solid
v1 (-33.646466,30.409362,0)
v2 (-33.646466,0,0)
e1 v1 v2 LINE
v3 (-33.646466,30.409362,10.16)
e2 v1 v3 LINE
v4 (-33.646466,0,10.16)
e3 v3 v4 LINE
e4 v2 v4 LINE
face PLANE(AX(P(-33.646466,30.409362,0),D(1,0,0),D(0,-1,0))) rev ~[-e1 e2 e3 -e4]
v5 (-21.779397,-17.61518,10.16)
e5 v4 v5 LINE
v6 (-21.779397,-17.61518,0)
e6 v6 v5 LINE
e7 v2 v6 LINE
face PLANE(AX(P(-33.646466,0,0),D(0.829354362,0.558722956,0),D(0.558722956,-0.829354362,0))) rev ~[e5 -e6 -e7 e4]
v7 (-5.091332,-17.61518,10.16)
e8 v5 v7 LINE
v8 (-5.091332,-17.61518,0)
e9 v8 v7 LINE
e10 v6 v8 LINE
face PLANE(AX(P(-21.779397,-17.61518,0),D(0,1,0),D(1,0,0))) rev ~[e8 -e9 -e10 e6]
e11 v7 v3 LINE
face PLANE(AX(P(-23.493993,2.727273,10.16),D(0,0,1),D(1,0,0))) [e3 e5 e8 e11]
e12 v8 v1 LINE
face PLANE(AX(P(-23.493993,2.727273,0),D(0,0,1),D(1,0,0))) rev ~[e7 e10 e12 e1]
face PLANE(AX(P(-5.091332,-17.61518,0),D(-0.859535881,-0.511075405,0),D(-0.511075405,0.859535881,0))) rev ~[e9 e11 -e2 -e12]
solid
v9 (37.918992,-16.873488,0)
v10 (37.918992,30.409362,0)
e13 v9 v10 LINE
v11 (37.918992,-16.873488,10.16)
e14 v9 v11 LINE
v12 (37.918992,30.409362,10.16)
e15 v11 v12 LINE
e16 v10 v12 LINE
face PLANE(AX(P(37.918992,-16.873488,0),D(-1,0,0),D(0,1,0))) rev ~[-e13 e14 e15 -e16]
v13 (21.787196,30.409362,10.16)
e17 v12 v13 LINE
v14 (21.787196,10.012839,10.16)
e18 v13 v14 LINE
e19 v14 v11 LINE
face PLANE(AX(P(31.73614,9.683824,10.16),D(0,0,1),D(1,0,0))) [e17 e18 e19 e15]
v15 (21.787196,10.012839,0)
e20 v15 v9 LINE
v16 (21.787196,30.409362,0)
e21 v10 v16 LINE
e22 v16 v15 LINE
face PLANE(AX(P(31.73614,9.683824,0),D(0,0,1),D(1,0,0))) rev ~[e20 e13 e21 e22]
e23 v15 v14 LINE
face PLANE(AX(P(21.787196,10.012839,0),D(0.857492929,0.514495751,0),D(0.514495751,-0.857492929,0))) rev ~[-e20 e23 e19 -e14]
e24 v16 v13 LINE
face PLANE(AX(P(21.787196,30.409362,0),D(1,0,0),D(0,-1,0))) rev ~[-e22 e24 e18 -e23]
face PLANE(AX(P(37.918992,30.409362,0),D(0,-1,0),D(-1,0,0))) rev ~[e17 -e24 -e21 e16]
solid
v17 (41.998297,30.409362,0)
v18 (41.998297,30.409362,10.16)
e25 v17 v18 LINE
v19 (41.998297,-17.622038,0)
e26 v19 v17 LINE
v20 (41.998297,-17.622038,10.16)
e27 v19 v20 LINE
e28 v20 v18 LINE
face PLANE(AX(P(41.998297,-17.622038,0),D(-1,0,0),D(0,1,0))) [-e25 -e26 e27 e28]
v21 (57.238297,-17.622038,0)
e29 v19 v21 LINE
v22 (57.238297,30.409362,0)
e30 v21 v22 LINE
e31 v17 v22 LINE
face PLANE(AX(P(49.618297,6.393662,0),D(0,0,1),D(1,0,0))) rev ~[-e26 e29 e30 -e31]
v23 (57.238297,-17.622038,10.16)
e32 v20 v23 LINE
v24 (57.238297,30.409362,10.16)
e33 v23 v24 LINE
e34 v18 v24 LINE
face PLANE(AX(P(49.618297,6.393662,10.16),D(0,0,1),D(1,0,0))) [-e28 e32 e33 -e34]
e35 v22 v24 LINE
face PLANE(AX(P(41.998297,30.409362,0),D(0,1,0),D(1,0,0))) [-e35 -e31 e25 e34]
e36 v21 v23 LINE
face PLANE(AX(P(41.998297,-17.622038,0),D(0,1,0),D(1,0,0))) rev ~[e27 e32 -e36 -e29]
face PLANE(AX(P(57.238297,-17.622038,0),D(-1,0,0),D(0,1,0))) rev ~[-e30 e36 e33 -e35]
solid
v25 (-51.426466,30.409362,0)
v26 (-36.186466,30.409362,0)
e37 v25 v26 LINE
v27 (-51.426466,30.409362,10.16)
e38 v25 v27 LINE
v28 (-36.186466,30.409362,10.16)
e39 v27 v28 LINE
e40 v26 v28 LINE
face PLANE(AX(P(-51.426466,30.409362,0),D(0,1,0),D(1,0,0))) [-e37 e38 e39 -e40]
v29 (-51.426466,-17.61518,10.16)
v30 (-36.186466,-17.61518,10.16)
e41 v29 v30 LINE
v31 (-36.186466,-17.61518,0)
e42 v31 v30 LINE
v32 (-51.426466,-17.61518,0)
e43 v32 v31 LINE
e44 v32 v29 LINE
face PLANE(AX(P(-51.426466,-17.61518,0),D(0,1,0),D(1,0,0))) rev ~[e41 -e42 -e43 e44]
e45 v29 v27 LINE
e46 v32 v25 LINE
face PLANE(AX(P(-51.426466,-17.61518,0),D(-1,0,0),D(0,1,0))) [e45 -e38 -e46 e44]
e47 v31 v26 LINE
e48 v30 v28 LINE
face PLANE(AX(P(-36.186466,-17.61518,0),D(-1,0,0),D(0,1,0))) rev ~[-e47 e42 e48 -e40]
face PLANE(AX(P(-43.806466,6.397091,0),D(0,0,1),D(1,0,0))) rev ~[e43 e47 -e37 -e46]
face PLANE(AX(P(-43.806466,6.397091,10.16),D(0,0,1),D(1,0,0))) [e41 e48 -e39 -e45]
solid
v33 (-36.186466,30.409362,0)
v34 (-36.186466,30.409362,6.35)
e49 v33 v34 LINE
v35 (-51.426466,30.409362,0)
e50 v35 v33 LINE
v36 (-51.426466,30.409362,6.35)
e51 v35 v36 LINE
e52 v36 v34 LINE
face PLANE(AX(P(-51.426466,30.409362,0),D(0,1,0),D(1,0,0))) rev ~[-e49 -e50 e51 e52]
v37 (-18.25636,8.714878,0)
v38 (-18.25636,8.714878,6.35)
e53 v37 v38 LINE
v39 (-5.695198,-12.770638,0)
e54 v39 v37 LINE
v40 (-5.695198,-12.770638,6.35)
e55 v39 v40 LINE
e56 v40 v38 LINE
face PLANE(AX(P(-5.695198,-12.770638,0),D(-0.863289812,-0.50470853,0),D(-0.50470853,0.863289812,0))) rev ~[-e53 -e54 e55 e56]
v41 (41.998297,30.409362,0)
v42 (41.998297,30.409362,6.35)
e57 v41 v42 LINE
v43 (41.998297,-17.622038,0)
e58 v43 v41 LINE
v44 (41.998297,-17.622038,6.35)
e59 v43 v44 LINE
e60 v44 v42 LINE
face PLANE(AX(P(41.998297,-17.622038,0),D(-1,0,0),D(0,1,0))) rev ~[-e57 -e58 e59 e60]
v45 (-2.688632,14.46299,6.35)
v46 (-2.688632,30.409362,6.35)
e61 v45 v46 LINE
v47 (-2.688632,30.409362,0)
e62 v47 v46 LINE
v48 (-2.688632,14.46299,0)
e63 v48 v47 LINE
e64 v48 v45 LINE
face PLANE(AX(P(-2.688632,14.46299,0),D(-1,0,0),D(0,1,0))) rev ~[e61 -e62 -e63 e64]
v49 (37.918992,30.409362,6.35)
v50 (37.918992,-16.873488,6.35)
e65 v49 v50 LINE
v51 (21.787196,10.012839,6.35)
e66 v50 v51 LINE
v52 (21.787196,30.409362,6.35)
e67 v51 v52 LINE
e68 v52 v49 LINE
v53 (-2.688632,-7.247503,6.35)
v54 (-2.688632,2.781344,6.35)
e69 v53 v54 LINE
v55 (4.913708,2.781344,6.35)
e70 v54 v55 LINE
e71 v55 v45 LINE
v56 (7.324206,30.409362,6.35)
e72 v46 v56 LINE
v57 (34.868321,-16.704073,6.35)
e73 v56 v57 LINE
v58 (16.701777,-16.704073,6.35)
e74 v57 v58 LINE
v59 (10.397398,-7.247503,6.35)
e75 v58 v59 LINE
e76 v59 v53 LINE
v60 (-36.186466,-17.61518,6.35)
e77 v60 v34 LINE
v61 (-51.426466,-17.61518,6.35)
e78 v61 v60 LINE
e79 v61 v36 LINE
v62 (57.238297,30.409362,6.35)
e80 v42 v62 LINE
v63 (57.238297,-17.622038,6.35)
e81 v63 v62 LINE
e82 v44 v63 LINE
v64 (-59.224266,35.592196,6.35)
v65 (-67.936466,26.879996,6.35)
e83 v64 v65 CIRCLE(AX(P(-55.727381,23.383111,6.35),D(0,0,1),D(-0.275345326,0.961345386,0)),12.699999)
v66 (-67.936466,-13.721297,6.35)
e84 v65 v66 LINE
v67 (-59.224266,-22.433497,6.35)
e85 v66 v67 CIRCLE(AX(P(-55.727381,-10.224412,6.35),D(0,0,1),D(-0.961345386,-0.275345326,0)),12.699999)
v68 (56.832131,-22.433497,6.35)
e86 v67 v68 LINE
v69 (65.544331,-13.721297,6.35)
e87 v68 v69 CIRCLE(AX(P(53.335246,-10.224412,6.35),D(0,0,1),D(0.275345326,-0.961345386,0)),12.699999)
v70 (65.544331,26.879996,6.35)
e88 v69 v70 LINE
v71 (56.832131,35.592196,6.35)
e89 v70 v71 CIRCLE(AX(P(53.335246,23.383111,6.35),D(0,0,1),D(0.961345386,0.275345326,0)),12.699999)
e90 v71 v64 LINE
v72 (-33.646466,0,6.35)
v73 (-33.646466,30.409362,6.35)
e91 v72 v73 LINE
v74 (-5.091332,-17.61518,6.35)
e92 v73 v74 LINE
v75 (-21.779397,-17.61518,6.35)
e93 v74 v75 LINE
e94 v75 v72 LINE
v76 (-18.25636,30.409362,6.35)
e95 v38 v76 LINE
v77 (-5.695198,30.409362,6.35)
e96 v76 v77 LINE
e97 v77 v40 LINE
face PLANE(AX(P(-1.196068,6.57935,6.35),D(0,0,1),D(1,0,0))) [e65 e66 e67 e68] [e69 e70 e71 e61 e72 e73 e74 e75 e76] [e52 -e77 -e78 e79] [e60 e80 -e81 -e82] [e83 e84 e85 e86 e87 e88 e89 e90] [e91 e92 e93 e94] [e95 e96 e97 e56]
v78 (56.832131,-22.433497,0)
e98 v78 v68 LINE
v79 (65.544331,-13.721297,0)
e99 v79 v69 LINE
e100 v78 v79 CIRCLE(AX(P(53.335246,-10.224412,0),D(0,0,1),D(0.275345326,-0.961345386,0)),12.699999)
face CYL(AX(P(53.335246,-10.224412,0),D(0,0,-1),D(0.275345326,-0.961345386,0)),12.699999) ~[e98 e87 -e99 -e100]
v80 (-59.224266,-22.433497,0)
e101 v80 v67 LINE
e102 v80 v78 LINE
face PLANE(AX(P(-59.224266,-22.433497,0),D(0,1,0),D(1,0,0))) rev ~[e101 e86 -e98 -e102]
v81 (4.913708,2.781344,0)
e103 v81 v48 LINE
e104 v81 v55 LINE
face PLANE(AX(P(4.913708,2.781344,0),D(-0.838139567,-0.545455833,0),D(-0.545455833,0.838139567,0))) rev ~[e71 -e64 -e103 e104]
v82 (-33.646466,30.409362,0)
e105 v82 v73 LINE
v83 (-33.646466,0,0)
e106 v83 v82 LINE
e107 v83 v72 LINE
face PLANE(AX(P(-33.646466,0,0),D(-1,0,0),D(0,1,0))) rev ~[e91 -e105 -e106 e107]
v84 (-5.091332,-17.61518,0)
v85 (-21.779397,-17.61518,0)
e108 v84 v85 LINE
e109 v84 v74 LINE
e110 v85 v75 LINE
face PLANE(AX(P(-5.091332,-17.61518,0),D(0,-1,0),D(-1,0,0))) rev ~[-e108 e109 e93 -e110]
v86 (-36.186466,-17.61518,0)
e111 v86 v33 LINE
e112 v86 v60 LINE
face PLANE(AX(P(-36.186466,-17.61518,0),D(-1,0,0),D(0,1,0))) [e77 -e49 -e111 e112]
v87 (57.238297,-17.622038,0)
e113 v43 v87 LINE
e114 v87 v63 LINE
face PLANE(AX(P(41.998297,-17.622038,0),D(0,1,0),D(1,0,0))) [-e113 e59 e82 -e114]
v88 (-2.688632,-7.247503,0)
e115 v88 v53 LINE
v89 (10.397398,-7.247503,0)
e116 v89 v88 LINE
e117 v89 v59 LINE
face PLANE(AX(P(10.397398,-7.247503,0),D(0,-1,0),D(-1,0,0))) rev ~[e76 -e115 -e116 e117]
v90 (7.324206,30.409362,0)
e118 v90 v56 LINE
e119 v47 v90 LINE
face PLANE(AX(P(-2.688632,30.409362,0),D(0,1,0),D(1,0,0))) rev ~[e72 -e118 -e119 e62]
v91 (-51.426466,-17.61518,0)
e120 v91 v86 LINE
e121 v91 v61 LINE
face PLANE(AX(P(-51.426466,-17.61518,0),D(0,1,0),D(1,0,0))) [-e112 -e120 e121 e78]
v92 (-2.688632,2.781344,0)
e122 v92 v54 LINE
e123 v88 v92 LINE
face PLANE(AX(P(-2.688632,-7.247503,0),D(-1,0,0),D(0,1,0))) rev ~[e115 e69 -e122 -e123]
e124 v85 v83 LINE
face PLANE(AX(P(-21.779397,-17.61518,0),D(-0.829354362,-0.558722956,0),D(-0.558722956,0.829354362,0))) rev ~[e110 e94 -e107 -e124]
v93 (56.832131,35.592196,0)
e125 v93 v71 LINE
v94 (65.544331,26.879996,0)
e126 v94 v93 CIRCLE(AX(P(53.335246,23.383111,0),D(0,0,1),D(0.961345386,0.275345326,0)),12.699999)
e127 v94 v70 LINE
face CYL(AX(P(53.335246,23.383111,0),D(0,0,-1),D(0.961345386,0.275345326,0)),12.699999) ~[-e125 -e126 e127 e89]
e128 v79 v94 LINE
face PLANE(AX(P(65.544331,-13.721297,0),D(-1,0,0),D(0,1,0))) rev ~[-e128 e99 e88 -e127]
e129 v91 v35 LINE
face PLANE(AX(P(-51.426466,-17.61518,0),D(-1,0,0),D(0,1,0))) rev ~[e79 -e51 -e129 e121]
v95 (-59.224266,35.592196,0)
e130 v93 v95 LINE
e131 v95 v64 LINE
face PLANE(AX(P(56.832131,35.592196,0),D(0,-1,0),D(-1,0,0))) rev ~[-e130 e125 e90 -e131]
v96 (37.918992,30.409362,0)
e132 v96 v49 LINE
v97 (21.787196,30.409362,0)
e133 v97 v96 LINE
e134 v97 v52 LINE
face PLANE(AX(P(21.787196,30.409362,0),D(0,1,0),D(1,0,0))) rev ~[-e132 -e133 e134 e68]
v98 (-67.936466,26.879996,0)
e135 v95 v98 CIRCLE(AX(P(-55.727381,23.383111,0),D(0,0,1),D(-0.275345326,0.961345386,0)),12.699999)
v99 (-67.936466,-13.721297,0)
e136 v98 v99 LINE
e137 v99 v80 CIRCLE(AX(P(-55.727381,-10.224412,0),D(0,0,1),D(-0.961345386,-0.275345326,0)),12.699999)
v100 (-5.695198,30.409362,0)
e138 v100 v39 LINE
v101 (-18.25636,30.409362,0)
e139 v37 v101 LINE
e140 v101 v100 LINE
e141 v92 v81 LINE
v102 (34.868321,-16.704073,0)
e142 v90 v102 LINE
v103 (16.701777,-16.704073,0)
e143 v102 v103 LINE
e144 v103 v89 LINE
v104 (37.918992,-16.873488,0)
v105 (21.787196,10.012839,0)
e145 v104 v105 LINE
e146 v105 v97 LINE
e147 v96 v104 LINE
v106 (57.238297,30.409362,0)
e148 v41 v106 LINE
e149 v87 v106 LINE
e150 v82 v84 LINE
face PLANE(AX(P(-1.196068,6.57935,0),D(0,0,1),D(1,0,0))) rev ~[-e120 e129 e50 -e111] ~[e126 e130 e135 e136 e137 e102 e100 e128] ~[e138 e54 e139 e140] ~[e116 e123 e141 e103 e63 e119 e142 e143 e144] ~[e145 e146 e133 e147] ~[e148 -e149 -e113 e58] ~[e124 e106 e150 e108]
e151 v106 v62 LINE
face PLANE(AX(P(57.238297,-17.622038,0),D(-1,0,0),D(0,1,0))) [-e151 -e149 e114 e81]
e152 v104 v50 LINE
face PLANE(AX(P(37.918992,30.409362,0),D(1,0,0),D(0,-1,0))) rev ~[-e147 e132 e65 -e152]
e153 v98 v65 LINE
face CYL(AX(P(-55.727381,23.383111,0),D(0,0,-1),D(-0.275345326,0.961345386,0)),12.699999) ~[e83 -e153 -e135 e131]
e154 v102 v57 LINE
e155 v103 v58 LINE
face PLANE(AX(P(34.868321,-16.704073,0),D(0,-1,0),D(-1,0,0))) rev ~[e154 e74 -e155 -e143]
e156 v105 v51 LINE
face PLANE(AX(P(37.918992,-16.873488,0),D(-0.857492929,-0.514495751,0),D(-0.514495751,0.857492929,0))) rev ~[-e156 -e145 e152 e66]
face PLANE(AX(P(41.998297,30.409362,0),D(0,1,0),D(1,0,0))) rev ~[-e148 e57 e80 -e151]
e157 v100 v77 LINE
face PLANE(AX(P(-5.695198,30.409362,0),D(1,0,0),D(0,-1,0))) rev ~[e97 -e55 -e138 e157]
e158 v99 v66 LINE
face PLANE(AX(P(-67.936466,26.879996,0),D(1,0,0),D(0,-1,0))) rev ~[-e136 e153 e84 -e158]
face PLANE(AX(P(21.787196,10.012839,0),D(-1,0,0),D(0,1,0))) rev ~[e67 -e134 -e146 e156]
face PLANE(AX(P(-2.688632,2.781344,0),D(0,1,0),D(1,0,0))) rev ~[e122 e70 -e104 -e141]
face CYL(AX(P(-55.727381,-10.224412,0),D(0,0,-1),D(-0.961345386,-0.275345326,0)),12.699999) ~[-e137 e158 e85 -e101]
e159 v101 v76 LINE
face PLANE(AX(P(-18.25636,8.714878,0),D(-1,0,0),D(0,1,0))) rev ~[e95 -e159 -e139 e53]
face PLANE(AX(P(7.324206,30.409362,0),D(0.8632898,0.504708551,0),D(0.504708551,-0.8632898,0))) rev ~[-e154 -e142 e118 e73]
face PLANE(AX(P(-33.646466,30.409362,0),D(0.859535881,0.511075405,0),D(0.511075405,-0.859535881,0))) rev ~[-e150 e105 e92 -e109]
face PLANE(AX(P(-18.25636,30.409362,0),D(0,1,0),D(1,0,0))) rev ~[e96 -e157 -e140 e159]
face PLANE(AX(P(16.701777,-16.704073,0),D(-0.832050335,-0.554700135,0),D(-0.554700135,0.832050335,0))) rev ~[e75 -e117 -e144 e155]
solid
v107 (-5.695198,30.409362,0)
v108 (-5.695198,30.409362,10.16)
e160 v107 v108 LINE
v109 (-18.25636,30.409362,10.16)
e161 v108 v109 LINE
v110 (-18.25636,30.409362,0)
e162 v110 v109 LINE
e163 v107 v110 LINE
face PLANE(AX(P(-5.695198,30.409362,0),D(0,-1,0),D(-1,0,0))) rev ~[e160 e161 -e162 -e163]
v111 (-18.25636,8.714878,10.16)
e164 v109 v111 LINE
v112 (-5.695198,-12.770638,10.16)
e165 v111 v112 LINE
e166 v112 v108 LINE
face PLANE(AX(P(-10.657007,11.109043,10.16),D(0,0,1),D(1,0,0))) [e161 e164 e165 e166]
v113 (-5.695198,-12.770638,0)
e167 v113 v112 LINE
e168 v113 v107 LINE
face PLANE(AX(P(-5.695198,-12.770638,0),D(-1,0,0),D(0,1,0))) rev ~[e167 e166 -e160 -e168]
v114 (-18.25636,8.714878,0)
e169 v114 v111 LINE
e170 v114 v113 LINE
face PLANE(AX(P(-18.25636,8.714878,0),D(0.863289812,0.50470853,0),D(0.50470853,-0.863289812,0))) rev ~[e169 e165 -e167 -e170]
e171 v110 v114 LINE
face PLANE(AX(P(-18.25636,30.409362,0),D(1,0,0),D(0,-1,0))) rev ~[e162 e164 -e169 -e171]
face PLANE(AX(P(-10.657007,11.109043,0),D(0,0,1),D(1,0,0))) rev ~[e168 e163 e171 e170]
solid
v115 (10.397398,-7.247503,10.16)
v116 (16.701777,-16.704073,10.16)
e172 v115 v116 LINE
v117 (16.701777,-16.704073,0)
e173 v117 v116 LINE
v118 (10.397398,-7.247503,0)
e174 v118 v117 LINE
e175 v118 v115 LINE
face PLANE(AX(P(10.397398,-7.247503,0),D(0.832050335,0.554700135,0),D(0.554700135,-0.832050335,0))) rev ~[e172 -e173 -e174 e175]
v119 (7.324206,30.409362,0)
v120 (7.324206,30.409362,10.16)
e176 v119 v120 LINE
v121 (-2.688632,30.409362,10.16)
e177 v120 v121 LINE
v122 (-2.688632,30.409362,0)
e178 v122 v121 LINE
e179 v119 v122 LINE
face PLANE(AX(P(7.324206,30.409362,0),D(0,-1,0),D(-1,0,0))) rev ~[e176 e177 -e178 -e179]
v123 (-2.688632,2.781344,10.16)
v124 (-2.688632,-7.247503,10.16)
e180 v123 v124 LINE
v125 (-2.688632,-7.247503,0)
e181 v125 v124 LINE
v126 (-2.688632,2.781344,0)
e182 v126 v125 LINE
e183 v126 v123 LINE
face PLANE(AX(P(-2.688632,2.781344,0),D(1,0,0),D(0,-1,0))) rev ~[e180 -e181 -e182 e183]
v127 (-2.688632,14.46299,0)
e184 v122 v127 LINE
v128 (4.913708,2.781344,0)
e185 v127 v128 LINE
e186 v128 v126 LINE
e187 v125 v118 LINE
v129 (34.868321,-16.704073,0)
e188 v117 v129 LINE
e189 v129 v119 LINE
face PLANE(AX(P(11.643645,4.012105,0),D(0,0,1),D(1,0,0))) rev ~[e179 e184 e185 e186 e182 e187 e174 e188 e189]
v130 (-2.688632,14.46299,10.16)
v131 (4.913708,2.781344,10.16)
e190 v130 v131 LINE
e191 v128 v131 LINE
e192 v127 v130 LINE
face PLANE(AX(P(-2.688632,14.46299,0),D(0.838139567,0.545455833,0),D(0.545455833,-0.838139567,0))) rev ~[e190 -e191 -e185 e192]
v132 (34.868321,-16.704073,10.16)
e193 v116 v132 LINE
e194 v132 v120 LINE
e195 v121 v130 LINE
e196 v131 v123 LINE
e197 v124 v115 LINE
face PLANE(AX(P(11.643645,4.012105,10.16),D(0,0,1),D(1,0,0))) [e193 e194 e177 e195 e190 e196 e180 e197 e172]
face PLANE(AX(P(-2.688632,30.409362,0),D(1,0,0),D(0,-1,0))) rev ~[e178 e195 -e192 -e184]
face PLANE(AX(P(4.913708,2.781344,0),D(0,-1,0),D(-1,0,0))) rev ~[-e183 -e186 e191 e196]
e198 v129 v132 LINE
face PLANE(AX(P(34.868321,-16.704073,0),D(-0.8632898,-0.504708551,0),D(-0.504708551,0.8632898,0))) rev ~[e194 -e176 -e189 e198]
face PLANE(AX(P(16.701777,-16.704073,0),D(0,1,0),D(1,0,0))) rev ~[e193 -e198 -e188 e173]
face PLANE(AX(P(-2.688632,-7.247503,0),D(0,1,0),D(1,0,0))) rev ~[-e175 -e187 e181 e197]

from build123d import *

# Parameters (mm, degrees)
F0_W     = 15.24
F0_H     = 48.024542
F0_H_2   = 48.0314
F1_DEPTH = 10.16
F2_DEPTH = 6.35


with BuildPart() as f1:
    # F0 (on Top) → F1 (new body)
    with BuildSketch(Plane.XY):
        with Locations((-43.806466, 6.397091)):
            Rectangle(F0_W, F0_H)
        Polygon((-33.646466, 0), (-21.779397, -17.61518), (-5.091332, -17.61518), (-33.646466, 30.409362), align=None)
        Polygon((-5.695198, 30.409362), (-18.25636, 30.409362), (-18.25636, 8.714878), (-5.695198, -12.770638), align=None)
        Polygon((7.324206, 30.409362), (-2.688632, 30.409362), (-2.688632, 14.46299), (4.913708, 2.781344), (-2.688632, 2.781344), (-2.688632, -7.247503), (10.397398, -7.247503), (16.701777, -16.704073), (34.868321, -16.704073), align=None)
        Polygon((37.918992, 30.409362), (21.787196, 30.409362), (21.787196, 10.012839), (37.918992, -16.873488), align=None)
        with Locations((49.618297, 6.393662)):
            Rectangle(F0_W, F0_H_2)
    extrude(amount=F1_DEPTH)


with BuildPart() as f2:
    # F0 (on Top) → F2 (new body)
    with BuildSketch(Plane.XY):
        with BuildLine():
            Line((56.832131, 35.592196), (-59.224266, 35.592196))
            ThreePointArc((-59.224266, 35.592196), (-64.707636, 32.363366), (-67.936466, 26.879996))
            Line((-67.936466, 26.879996), (-67.936466, -13.721297))
            ThreePointArc((-67.936466, -13.721297), (-64.707636, -19.204667), (-59.224266, -22.433497))
            Line((-59.224266, -22.433497), (56.832131, -22.433497))
            ThreePointArc((56.832131, -22.433497), (62.315501, -19.204667), (65.544331, -13.721297))
            Line((65.544331, -13.721297), (65.544331, 26.879996))
            ThreePointArc((65.544331, 26.879996), (62.315501, 32.363366), (56.832131, 35.592196))
        make_face()
        with Locations((-43.806466, 6.397091)):
            Rectangle(F0_W, F0_H, mode=Mode.SUBTRACT)
        Polygon((-5.091332, -17.61518), (-21.779397, -17.61518), (-33.646466, 0), (-33.646466, 30.409362), align=None, mode=Mode.SUBTRACT)
        with Locations((49.618297, 6.393662)):
            Rectangle(F0_W, F0_H_2, mode=Mode.SUBTRACT)
        Polygon((-18.25636, 8.714878), (-18.25636, 30.409362), (-5.695198, 30.409362), (-5.695198, -12.770638), align=None, mode=Mode.SUBTRACT)
        Polygon((-2.688632, 14.46299), (-2.688632, 30.409362), (7.324206, 30.409362), (34.868321, -16.704073), (16.701777, -16.704073), (10.397398, -7.247503), (-2.688632, -7.247503), (-2.688632, 2.781344), (4.913708, 2.781344), align=None, mode=Mode.SUBTRACT)
        Polygon((21.787196, 10.012839), (21.787196, 30.409362), (37.918992, 30.409362), (37.918992, -16.873488), align=None, mode=Mode.SUBTRACT)
    extrude(amount=F2_DEPTH)


solid = Compound([f1.part, f2.part])
